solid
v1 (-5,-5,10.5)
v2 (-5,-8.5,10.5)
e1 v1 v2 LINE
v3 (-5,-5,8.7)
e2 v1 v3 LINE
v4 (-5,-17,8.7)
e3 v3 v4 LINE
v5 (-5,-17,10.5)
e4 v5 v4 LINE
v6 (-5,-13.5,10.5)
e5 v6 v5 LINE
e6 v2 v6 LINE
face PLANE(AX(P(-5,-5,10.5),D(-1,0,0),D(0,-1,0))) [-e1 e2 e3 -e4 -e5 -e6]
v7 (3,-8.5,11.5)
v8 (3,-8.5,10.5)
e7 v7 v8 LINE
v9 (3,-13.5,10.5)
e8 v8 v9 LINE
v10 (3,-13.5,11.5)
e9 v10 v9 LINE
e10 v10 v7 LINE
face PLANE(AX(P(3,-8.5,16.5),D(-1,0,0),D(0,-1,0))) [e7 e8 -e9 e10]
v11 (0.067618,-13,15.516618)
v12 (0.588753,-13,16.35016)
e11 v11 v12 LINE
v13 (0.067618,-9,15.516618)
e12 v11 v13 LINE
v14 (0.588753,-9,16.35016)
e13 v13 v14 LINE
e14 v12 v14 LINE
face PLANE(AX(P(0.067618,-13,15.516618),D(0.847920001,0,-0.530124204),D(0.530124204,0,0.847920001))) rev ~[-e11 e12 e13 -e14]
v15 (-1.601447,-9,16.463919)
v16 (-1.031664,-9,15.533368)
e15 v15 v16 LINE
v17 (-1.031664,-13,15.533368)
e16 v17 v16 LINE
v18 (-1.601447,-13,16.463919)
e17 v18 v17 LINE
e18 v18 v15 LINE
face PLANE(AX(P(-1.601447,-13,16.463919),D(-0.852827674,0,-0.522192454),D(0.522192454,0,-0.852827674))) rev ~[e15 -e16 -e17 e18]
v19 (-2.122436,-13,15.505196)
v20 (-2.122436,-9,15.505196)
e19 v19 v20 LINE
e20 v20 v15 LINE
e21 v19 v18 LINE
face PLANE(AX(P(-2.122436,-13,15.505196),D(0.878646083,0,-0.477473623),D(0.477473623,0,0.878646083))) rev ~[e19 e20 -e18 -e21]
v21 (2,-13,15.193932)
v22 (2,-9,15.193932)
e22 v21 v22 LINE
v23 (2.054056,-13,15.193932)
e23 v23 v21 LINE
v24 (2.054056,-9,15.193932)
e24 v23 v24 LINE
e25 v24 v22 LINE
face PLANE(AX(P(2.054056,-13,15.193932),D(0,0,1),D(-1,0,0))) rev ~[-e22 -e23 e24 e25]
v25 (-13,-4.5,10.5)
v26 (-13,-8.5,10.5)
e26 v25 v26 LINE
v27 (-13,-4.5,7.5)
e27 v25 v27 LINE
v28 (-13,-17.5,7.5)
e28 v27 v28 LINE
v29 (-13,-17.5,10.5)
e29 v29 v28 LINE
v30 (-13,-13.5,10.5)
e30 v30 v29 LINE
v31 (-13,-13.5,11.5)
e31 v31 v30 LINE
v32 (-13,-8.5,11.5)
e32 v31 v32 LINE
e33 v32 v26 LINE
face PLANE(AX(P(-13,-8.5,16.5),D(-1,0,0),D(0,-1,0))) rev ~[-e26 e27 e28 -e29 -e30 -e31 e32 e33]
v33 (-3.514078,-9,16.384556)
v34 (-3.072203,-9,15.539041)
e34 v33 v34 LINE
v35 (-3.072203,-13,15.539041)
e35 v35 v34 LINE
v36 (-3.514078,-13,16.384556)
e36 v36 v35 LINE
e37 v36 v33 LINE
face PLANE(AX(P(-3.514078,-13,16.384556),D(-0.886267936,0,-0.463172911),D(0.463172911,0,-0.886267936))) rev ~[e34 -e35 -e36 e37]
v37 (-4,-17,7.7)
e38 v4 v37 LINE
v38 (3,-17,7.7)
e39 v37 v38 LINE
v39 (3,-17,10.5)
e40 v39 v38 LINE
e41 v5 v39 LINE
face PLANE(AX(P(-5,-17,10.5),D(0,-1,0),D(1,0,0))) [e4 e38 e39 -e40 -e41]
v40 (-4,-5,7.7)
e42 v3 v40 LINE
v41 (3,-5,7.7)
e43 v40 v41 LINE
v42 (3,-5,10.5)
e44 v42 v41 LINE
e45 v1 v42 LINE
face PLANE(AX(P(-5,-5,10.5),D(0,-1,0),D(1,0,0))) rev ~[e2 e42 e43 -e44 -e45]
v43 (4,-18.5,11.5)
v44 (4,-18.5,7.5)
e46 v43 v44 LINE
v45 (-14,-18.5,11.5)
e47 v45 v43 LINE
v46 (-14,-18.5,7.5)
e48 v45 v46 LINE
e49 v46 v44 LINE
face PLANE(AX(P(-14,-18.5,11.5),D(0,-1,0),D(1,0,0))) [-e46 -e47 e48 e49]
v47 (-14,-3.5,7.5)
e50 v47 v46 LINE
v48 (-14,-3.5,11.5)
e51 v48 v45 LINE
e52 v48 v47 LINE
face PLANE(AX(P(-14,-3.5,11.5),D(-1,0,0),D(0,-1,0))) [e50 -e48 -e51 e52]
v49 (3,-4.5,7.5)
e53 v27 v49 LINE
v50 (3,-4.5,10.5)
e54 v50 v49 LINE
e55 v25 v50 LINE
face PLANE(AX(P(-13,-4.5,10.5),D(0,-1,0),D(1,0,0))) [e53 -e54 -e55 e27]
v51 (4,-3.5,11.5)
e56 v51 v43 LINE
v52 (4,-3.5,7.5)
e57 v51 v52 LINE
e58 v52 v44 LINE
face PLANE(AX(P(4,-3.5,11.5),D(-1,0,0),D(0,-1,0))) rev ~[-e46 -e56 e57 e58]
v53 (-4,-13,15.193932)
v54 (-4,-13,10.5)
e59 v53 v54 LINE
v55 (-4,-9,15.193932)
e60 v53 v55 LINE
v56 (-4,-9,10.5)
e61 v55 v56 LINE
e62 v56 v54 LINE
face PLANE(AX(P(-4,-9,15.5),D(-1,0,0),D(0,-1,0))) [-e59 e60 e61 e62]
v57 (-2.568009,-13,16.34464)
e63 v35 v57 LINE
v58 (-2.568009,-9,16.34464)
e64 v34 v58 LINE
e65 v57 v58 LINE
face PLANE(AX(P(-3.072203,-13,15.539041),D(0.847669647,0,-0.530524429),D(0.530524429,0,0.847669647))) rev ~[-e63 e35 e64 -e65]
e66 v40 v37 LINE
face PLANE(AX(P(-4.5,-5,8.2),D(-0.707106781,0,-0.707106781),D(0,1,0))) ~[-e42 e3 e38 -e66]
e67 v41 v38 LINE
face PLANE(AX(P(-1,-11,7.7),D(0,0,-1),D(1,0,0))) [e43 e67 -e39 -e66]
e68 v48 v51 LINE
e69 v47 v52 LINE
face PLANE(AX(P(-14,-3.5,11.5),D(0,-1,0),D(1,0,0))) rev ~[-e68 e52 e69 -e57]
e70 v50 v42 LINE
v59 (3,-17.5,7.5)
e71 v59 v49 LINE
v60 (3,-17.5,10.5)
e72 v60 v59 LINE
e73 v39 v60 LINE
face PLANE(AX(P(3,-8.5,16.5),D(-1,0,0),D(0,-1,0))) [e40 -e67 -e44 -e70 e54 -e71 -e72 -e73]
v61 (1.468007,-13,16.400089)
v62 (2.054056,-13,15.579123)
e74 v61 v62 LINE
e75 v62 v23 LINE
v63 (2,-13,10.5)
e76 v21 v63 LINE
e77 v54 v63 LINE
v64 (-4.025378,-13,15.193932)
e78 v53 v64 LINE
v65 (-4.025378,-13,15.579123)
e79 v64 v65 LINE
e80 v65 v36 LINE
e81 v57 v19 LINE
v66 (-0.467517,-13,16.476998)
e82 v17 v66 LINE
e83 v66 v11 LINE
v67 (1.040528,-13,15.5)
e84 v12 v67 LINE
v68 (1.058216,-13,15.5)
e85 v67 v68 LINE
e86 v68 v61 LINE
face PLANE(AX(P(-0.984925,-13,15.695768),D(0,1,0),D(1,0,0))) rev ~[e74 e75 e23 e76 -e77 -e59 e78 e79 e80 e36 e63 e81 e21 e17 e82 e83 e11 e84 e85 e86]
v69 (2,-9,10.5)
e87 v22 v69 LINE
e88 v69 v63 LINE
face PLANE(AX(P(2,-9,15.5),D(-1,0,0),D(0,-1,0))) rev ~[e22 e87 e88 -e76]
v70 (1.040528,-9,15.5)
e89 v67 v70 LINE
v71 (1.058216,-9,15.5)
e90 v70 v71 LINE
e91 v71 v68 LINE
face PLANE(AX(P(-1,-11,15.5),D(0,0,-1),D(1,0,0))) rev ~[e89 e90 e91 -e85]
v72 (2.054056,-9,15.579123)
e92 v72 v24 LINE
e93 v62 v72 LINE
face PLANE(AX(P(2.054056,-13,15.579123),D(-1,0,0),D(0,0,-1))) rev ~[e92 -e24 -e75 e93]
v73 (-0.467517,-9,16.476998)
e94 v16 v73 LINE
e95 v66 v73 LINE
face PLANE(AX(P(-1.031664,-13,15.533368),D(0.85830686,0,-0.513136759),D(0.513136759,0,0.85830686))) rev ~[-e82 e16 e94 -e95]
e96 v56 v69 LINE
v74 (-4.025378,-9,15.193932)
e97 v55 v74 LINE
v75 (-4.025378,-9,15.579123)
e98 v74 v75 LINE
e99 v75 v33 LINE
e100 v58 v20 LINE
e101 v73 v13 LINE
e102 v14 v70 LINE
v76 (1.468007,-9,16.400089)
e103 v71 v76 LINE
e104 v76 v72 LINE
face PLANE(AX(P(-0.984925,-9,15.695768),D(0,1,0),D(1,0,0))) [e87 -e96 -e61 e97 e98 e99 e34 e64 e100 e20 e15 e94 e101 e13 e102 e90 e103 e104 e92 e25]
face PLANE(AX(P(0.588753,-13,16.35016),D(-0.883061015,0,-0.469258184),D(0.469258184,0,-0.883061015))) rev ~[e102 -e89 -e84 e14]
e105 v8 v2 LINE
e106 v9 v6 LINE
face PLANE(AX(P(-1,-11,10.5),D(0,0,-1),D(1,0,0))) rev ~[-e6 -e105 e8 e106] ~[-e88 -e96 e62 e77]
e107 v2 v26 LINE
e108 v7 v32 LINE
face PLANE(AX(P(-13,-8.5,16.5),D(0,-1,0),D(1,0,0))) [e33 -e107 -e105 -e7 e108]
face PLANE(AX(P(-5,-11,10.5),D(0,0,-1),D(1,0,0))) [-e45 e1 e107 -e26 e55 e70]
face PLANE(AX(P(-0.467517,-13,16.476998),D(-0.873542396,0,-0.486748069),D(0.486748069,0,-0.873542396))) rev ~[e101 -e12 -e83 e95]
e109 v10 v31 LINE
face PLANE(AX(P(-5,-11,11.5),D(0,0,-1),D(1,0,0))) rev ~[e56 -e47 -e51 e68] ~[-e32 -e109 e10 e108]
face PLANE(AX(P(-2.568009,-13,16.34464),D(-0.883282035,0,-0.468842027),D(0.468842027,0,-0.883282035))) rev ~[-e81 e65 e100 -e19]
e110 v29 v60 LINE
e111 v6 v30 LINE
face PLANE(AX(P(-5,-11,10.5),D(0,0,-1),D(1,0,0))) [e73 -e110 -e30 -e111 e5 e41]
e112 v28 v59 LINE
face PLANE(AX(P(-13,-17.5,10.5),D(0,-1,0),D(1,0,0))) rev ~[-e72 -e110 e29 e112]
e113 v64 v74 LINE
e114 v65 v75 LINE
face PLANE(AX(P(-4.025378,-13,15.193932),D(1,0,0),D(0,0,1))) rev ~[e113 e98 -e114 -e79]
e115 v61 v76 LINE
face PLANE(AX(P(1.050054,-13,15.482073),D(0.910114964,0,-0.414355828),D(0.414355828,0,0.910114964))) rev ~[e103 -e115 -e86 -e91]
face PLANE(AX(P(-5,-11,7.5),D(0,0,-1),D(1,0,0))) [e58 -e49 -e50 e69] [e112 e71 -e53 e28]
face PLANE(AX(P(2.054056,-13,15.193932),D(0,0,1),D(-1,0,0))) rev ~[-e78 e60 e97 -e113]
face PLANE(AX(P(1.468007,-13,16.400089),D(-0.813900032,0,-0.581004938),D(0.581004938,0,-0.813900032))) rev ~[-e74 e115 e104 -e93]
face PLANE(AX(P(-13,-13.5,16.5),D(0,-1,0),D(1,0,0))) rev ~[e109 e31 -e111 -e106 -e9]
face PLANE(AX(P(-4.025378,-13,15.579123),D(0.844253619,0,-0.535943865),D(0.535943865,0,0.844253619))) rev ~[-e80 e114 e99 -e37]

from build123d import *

# Parameters (mm, degrees)
PAD_DEPTH                    = 4
BOX055_W                     = 6
BOX055_H                     = 4
BOX055_DEPTH                 = 5
BOX053_W                     = 16
BOX053_H                     = 5
BOX053_DEPTH                 = 10
BOX052_W                     = 16
BOX052_H                     = 13
BOX052_DEPTH                 = 3
BOX051_W                     = 18
BOX051_H                     = 15
BOX051_DEPTH                 = 4
BOX054_W                     = 8
BOX054_H                     = 12
BOX054_DEPTH                 = 2.8
CHAMFER002_SIZE              = 1
FUSION002030_PLACEMENT_ANGLE = 180


with BuildPart() as pad:
    # Sketch → Pad (new body)
    with BuildSketch(Plane.XZ):
        Polygon((1.974622, -4.079123), (2.485922, -4.884556), (2.927797, -4.039041), (3.431991, -4.84464), (3.877564, -4.005196), (4.398553, -4.963919), (4.968336, -4.033368), (5.532483, -4.976998), (6.067618, -4.016618), (6.588753, -4.85016), (7.050054, -3.982073), (7.468007, -4.900089), (8.054056, -4.079123), (8.054056, -3.693932), (1.974622, -3.693932), align=None)
    extrude(amount=PAD_DEPTH)


with BuildPart() as fusion002029:
    # Box055 → Box055 (new body)
    with BuildSketch(Plane(origin=(2, -4, -4), x_dir=(1, 0, 0), z_dir=(0, 0, 1))):
        with Locations((3, 2)):
            Rectangle(BOX055_W, BOX055_H)
    extrude(amount=BOX055_DEPTH)

    # Fusion002029: union Pad
    add(pad.part)


with BuildPart() as fusion002029_1:
    # Fusion002029 placement: moved
    add(fusion002029.part.moved(Location((8, 9.5, 0))))


with BuildPart() as cubo053:
    # Box053 → Box053 (new body)
    with BuildSketch(Plane(origin=(1, 5, -5), x_dir=(1, 0, 0), z_dir=(0, 0, 1))):
        with Locations((8, 2.5)):
            Rectangle(BOX053_W, BOX053_H)
    extrude(amount=BOX053_DEPTH)


with BuildPart() as cubo052:
    # Box052 → Box052 (new body)
    with BuildSketch(Plane(origin=(1, 1, 1), x_dir=(1, 0, 0), z_dir=(0, 0, 1))):
        with Locations((8, 6.5)):
            Rectangle(BOX052_W, BOX052_H)
    extrude(amount=BOX052_DEPTH)


with BuildPart() as cut074:
    # Box051 → Box051 (new body)
    with BuildSketch(Plane.XY):
        with Locations((9, 7.5)):
            Rectangle(BOX051_W, BOX051_H)
    extrude(amount=BOX051_DEPTH)

    # Cut073: cut Cubo052
    add(cubo052.part, mode=Mode.SUBTRACT)

    # Cut074: cut Cubo053
    add(cubo053.part, mode=Mode.SUBTRACT)


with BuildPart() as fusion002030:
    # Box054 → Box054 (new body)
    with BuildSketch(Plane(origin=(8, 1.5, 1), x_dir=(1, 0, 0), z_dir=(0, 0, 1))):
        with Locations((4, 6)):
            Rectangle(BOX054_W, BOX054_H)
    extrude(amount=BOX054_DEPTH)

    # Chamfer002
    chamfer002_edges = [fusion002030.edges().sort_by_distance(p)[0] for p in [
        (8, 7.5, 3.8),
    ]]
    chamfer(chamfer002_edges, length=CHAMFER002_SIZE)


with BuildPart() as fusion002030_1:
    # Chamfer002 placement: moved
    add(fusion002030.part.moved(Location((1, 0, 0))))

    # Fusion002030: union Fusion002029, Cut074
    add(fusion002029_1.part)
    add(cut074.part)


with BuildPart() as fusion002030_2:
    # Fusion002030 placement: moved
    add(fusion002030_1.part.moved(Location((-14, -3.5, 11.5))).rotate(Axis((-14, -3.5, 11.5), (1, 0, 0)), FUSION002030_PLACEMENT_ANGLE))


solid = fusion002030_2.part
